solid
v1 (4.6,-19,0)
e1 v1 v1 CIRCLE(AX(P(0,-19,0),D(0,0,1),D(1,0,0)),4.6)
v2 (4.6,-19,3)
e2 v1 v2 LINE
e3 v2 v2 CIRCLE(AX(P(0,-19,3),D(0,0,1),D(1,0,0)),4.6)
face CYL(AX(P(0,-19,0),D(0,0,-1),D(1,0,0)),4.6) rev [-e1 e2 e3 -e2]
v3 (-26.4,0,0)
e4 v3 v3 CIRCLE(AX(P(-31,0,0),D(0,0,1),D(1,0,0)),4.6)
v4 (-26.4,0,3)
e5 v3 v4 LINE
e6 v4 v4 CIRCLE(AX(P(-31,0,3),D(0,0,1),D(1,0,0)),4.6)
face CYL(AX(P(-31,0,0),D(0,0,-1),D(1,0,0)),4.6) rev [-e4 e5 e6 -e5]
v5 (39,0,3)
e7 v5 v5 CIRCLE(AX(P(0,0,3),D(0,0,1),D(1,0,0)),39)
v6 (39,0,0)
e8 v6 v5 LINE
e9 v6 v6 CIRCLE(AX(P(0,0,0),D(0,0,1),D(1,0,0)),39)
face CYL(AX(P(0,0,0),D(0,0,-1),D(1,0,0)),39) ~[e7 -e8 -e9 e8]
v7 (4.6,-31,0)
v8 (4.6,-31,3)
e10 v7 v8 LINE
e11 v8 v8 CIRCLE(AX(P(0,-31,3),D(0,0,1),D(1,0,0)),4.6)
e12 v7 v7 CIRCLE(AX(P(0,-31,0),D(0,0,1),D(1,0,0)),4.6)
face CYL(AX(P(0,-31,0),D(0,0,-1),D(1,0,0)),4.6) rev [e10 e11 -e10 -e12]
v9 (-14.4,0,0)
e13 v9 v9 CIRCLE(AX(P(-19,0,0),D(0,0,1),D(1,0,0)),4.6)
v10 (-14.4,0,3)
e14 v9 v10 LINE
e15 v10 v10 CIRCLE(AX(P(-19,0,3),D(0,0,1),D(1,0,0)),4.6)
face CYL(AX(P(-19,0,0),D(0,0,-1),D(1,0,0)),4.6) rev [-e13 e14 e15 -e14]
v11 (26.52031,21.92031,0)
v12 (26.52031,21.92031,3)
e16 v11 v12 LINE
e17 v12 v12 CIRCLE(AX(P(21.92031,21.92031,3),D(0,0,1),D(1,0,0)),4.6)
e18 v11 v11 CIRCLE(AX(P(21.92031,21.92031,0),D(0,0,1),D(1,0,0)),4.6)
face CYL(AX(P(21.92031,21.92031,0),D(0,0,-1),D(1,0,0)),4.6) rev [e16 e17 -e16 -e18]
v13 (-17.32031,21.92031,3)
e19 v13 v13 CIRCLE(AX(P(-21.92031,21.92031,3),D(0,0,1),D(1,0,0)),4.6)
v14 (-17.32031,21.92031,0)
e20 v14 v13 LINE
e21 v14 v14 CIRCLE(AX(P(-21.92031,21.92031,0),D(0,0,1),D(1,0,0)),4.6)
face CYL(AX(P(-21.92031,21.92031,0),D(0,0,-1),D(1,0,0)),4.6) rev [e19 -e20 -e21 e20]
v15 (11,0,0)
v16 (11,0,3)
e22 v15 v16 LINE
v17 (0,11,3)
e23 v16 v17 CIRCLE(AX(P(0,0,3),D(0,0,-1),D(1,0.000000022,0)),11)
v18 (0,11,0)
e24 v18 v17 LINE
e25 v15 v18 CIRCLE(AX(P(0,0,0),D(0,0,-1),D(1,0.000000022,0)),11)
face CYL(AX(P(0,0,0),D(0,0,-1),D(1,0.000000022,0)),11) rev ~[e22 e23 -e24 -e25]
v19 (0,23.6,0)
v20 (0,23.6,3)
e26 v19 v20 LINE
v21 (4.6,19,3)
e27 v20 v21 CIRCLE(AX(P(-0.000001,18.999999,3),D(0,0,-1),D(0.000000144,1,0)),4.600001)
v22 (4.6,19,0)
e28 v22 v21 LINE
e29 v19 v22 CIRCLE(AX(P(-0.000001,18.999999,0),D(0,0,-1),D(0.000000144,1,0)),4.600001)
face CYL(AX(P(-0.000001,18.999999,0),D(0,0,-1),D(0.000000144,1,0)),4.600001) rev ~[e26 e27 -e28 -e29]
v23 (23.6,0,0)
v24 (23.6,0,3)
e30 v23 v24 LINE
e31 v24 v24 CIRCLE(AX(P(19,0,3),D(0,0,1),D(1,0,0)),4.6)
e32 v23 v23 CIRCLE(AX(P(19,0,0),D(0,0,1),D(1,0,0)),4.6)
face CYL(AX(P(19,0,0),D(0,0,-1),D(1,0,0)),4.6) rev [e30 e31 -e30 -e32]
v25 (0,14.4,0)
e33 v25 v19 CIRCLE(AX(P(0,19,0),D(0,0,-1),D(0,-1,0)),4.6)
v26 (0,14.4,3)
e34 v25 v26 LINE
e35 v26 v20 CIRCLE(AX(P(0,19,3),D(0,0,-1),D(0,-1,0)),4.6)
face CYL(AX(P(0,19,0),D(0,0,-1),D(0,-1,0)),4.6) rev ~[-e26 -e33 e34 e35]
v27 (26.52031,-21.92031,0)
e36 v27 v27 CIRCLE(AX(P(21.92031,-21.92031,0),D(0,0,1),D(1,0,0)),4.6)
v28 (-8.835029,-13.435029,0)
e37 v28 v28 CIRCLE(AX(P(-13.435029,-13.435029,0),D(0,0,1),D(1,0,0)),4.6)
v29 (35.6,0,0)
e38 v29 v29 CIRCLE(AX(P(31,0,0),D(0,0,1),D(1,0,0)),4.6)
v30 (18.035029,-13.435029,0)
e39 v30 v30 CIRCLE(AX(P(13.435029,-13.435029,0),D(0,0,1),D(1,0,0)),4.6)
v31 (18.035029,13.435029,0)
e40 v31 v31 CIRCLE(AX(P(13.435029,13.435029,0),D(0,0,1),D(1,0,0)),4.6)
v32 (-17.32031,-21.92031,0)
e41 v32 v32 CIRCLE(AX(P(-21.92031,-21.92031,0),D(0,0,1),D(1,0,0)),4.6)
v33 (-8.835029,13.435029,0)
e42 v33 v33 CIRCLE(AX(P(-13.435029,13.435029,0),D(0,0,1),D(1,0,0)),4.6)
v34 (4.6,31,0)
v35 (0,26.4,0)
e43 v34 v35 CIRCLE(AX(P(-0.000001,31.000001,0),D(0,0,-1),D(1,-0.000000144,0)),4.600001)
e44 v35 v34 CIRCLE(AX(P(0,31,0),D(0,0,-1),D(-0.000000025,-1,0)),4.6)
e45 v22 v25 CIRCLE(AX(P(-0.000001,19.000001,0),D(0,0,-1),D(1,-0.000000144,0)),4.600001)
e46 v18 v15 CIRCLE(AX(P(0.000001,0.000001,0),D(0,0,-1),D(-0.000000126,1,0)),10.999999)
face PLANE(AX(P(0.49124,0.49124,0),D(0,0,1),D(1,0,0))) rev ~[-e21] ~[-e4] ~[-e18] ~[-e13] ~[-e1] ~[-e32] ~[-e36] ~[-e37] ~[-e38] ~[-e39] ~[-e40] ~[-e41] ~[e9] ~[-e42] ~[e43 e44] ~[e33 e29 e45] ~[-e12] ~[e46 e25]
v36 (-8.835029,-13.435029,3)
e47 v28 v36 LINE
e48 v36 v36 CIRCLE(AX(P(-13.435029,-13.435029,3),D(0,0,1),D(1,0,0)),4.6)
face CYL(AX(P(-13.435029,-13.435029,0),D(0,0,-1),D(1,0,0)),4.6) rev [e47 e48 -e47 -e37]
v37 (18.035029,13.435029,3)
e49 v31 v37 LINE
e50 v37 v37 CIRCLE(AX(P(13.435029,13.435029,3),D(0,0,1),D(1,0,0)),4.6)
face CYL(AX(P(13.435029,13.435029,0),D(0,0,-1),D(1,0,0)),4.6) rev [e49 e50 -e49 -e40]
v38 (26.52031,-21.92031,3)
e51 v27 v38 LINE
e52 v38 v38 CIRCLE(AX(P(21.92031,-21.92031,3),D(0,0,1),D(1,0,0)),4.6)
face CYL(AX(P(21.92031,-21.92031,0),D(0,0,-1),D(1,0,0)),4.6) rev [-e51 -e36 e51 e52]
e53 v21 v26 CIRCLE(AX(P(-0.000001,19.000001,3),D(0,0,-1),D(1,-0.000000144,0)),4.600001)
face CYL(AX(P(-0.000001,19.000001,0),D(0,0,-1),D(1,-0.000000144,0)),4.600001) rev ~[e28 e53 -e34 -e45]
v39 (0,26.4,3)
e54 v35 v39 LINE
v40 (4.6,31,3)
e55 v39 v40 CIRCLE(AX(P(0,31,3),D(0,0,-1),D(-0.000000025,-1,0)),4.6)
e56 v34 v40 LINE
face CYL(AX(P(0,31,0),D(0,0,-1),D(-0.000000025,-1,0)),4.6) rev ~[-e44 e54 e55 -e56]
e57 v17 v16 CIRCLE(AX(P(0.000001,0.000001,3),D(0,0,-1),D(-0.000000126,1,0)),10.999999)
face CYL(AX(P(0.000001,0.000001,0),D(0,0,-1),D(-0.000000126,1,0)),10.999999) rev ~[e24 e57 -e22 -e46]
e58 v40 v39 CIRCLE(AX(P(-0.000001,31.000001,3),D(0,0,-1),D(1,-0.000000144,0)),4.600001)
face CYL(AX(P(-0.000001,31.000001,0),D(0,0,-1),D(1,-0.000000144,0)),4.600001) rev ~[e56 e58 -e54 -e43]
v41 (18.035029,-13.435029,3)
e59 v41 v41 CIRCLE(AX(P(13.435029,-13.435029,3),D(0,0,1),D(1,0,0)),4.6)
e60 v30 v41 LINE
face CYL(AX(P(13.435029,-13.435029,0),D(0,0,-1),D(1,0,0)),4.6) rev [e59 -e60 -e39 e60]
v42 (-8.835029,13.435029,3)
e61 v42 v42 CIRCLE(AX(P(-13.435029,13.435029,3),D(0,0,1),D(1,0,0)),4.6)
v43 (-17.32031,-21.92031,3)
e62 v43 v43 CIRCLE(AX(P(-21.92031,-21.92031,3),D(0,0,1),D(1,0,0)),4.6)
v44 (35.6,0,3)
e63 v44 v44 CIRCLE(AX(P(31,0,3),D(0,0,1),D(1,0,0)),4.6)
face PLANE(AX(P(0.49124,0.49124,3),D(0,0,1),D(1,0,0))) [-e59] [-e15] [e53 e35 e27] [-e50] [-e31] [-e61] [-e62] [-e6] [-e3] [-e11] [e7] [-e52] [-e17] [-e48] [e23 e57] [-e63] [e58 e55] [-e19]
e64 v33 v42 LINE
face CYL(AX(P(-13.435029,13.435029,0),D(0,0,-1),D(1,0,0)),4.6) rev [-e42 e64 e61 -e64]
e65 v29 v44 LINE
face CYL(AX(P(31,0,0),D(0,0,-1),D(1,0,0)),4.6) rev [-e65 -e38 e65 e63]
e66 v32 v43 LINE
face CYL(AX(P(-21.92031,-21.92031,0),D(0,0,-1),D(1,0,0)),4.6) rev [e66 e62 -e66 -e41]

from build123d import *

# Parameters (mm, degrees)
F0_R     = 39
F0_R_2   = 4.6
F1_DEPTH = 3


with BuildPart() as f1:
    # F0 (on Top) → F1 (new body)
    with BuildSketch(Plane.XY):
        with BuildLine():
            ThreePointArc((0, 11), (-7.778175, -7.778175), (11, 0))
            ThreePointArc((11, 0), (7.778175, 7.778175), (0, 11))
        make_face()
        with BuildLine():
            ThreePointArc((4.6, 31), (-3.252691, 34.252691), (0, 26.4))
            ThreePointArc((0, 26.4), (3.252691, 27.747309), (4.6, 31))
        make_face()
        Circle(F0_R)
        with Locations((-21.92031, -21.92031)):
            Circle(F0_R_2, mode=Mode.SUBTRACT)
        with Locations((-13.435029, -13.435029)):
            Circle(F0_R_2, mode=Mode.SUBTRACT)
        with Locations((0, -31)):
            Circle(F0_R_2, mode=Mode.SUBTRACT)
        with Locations((21.92031, -21.92031)):
            Circle(F0_R_2, mode=Mode.SUBTRACT)
        with Locations((0, -19)):
            Circle(F0_R_2, mode=Mode.SUBTRACT)
        with Locations((13.435029, -13.435029)):
            Circle(F0_R_2, mode=Mode.SUBTRACT)
        with Locations((-31, 0)):
            Circle(F0_R_2, mode=Mode.SUBTRACT)
        with Locations((-19, 0)):
            Circle(F0_R_2, mode=Mode.SUBTRACT)
        with Locations((-13.435029, 13.435029)):
            Circle(F0_R_2, mode=Mode.SUBTRACT)
        with Locations((-21.92031, 21.92031)):
            Circle(F0_R_2, mode=Mode.SUBTRACT)
        with BuildLine():
            ThreePointArc((0, 11), (7.778175, 7.778175), (11, 0))
            ThreePointArc((11, 0), (-7.778175, -7.778175), (0, 11))
        make_face(mode=Mode.SUBTRACT)
        with Locations((19, 0)):
            Circle(F0_R_2, mode=Mode.SUBTRACT)
        with BuildLine():
            ThreePointArc((4.6, 19), (3.252691, 15.747309), (0, 14.4))
            ThreePointArc((0, 14.4), (-4.6, 19), (0, 23.6))
            ThreePointArc((0, 23.6), (3.252691, 22.252691), (4.6, 19))
        make_face(mode=Mode.SUBTRACT)
        with Locations((13.435029, 13.435029)):
            Circle(F0_R_2, mode=Mode.SUBTRACT)
        with Locations((31, 0)):
            Circle(F0_R_2, mode=Mode.SUBTRACT)
        with BuildLine():
            ThreePointArc((4.6, 31), (3.252691, 27.747309), (0, 26.4))
            ThreePointArc((0, 26.4), (-3.252691, 34.252691), (4.6, 31))
        make_face(mode=Mode.SUBTRACT)
        with Locations((21.92031, 21.92031)):
            Circle(F0_R_2, mode=Mode.SUBTRACT)
    extrude(amount=F1_DEPTH)


solid = f1.part
